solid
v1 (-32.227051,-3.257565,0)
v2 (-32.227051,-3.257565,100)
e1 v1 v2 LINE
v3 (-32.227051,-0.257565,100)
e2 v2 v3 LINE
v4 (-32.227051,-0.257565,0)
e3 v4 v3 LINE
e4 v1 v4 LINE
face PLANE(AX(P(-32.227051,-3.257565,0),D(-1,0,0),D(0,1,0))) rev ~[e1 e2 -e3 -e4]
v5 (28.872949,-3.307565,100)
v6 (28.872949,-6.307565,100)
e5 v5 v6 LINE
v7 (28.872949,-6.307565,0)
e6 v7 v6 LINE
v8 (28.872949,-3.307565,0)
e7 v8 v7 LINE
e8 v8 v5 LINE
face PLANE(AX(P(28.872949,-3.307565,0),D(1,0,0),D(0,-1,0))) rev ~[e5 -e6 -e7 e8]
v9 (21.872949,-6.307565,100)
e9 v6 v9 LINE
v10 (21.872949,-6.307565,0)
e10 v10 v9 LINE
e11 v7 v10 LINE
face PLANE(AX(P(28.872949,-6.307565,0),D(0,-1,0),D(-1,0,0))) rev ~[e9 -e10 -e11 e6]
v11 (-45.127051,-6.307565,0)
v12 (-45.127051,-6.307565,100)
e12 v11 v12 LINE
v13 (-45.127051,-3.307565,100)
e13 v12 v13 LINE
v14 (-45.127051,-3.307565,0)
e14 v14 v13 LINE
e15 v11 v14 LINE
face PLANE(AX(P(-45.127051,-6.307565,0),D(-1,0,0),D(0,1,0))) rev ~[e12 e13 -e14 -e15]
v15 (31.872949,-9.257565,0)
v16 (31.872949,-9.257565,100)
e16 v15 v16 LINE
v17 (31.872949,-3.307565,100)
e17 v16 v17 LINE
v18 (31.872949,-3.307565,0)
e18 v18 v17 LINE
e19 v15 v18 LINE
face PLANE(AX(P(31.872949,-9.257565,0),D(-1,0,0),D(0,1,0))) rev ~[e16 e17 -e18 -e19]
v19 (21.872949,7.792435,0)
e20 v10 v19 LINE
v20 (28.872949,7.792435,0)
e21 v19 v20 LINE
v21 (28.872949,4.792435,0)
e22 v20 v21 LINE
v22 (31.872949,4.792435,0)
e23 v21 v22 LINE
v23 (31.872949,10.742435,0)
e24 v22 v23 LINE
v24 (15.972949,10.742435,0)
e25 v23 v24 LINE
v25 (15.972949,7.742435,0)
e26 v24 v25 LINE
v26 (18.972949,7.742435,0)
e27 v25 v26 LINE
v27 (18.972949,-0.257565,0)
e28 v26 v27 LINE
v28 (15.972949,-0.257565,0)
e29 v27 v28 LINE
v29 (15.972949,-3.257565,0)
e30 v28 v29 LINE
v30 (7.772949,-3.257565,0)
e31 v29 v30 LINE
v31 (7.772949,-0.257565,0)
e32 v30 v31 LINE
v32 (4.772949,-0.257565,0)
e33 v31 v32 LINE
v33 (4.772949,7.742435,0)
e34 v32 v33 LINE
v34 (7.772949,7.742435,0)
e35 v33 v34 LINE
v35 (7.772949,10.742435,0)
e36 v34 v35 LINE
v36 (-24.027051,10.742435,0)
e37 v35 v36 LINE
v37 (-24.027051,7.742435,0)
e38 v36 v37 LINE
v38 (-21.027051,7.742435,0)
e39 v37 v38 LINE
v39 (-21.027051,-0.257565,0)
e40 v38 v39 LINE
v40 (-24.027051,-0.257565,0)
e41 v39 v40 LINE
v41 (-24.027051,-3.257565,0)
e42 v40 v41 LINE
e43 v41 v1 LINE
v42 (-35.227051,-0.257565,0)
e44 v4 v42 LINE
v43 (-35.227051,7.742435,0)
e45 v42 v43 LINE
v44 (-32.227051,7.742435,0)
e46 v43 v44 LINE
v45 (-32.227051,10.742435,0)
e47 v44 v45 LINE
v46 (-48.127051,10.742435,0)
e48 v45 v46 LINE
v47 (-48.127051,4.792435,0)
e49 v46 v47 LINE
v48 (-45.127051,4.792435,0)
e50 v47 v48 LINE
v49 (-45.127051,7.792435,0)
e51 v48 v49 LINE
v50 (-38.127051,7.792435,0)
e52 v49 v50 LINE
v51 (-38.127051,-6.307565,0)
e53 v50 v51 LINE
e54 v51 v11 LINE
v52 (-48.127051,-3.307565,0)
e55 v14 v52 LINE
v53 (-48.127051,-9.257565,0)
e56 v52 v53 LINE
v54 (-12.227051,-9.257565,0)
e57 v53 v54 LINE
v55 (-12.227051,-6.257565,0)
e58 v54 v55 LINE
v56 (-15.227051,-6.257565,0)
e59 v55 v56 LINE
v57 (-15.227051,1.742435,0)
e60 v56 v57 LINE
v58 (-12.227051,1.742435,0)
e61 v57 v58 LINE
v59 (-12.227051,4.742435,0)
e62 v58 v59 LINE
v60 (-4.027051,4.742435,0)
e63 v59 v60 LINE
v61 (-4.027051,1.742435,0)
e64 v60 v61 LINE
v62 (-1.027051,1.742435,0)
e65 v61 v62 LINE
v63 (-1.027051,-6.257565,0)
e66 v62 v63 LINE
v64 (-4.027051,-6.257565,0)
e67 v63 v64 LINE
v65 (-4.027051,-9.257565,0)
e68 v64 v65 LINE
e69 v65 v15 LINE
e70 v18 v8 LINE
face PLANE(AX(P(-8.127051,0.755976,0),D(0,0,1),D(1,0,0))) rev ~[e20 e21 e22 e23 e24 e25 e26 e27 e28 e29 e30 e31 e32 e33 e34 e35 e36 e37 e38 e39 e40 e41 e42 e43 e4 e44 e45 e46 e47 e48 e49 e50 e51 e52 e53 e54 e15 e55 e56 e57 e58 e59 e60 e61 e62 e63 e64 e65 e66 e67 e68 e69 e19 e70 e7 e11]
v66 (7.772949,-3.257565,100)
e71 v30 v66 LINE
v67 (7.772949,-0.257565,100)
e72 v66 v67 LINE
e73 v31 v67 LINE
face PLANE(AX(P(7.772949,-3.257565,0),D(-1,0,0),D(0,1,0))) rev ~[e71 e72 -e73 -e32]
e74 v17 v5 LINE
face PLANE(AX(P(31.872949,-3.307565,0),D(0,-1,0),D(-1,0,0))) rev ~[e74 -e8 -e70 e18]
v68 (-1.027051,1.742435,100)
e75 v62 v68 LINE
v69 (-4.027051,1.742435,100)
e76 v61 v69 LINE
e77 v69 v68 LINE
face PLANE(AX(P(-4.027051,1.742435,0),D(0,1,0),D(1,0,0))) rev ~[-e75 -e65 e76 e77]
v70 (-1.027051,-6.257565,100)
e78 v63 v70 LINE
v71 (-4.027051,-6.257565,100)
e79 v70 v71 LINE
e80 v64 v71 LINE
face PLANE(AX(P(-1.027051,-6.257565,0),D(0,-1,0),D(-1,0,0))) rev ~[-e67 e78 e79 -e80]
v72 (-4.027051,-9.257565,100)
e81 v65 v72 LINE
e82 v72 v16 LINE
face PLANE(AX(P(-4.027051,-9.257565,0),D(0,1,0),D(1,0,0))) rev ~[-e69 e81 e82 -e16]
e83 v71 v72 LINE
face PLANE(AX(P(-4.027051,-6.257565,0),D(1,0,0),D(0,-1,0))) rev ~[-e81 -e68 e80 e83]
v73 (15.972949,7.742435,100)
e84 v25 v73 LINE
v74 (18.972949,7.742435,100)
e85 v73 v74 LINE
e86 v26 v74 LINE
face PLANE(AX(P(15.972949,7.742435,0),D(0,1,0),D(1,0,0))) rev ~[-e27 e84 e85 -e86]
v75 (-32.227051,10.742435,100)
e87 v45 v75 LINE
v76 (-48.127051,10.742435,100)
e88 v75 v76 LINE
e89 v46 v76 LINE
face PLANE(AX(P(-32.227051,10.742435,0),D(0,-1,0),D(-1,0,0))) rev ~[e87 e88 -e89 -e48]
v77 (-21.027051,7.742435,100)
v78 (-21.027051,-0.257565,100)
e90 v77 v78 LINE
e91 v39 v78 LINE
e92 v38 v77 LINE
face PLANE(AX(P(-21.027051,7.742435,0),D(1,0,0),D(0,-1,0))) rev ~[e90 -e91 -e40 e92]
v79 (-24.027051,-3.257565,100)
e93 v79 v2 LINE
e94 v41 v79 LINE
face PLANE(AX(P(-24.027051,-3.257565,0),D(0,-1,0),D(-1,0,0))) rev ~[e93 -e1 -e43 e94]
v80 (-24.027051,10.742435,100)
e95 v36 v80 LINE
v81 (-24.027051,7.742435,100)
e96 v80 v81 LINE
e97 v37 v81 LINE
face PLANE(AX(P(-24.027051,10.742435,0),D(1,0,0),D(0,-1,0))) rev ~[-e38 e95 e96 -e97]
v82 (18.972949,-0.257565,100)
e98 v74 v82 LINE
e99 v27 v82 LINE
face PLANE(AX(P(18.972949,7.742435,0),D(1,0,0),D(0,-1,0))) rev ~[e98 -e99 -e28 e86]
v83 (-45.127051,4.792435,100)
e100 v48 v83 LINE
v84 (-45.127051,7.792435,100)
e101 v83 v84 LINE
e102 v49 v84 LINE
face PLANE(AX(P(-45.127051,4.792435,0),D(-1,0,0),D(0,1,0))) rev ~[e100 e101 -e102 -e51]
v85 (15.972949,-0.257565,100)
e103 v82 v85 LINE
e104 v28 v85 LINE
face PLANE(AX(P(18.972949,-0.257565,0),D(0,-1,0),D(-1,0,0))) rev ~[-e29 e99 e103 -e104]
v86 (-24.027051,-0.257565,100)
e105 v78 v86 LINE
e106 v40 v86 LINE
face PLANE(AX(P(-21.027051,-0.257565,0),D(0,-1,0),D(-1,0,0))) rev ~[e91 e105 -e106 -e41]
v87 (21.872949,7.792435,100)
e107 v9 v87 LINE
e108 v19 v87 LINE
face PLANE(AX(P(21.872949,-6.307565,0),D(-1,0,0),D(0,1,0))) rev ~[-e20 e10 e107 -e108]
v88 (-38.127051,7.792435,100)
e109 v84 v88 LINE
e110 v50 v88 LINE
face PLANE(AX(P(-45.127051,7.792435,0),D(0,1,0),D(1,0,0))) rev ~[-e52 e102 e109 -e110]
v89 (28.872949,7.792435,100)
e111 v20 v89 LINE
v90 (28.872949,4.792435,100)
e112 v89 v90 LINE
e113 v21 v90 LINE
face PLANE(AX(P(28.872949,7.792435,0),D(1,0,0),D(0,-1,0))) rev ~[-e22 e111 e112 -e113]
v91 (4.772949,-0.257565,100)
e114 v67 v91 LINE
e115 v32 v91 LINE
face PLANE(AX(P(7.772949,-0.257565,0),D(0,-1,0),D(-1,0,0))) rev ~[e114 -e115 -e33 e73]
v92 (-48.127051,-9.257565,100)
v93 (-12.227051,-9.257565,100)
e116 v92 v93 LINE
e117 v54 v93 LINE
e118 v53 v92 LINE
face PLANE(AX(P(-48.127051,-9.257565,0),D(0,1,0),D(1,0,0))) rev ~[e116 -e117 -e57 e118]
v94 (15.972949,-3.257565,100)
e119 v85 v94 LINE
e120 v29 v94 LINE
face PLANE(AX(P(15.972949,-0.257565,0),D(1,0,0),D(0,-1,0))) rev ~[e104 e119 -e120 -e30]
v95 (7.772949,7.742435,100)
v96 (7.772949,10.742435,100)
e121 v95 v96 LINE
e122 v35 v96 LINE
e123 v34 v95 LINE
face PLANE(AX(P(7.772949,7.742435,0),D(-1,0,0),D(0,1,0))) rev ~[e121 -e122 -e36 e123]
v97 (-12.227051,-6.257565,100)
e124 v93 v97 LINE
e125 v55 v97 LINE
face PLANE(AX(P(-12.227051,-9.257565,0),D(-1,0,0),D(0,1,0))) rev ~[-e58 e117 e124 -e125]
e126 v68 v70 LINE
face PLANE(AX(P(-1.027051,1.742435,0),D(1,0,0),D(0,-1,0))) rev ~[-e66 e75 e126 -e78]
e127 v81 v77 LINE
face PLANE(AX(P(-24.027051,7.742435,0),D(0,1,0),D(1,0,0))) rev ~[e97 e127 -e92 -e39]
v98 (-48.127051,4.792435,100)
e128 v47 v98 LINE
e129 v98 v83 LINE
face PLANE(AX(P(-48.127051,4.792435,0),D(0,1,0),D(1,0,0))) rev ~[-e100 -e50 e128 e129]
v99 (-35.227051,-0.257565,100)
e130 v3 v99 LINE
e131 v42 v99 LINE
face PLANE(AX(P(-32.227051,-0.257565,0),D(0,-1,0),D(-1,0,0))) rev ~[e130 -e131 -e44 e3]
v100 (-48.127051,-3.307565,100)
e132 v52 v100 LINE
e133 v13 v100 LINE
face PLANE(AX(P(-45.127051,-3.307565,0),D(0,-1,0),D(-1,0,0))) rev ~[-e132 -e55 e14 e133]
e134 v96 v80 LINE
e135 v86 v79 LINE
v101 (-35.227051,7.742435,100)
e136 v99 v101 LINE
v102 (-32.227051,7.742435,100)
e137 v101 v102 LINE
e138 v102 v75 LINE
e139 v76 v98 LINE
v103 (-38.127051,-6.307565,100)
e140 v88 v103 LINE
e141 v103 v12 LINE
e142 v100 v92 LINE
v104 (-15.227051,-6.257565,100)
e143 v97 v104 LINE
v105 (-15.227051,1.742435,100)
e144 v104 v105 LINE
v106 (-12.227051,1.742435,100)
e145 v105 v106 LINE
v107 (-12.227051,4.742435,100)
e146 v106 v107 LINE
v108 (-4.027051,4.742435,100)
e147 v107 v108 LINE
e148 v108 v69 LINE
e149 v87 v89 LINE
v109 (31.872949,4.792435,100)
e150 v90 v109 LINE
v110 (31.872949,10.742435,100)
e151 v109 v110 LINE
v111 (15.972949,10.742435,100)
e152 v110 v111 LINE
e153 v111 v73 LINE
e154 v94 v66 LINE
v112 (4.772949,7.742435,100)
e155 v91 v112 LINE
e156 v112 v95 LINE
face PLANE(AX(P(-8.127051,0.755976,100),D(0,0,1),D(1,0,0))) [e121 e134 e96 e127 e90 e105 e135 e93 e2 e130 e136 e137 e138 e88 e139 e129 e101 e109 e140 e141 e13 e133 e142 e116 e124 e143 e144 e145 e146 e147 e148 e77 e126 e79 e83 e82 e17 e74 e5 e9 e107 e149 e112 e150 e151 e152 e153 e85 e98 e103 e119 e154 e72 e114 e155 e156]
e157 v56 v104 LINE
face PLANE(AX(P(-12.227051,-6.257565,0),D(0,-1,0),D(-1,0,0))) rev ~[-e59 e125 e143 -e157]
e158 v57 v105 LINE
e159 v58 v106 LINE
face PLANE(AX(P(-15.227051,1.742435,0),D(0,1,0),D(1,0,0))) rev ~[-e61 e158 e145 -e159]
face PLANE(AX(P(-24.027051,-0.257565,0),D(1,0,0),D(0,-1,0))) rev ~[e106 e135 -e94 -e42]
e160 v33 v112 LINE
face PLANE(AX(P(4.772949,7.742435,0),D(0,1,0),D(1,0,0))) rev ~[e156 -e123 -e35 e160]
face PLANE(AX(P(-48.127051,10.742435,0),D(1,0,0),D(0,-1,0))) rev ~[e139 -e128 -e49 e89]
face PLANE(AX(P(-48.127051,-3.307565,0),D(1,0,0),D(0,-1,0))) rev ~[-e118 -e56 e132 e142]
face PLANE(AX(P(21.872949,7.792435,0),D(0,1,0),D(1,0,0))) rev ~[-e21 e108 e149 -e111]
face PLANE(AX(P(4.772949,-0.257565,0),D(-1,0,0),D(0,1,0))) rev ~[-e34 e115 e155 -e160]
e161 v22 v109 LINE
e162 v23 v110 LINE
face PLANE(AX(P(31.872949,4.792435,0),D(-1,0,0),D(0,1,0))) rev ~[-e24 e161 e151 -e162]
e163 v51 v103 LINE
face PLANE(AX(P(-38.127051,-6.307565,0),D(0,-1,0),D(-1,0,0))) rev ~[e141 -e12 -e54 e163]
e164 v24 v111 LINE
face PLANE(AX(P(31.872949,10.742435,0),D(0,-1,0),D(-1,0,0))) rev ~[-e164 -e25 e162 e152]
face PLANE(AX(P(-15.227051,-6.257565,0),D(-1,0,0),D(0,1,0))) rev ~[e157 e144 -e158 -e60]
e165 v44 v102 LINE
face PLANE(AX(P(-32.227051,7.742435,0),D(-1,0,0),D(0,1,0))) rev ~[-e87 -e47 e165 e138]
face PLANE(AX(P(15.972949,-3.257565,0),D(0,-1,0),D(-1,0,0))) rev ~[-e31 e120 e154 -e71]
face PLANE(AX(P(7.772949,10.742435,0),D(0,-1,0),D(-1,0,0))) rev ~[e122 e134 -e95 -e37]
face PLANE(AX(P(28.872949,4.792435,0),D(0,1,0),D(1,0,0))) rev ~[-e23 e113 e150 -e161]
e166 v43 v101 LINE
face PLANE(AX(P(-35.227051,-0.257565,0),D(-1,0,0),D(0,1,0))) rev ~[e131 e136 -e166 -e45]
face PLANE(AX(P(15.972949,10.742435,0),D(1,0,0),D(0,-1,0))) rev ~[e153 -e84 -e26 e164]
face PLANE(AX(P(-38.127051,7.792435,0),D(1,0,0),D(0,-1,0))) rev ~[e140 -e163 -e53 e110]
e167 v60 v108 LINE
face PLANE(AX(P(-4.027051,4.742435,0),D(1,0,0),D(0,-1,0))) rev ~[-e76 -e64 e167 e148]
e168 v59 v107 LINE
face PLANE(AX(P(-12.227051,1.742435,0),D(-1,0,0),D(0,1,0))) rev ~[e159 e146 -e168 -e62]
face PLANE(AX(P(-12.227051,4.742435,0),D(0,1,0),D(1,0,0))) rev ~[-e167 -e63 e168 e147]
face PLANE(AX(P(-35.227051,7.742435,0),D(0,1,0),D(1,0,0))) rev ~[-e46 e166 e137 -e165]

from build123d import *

# Parameters (mm, degrees)
EXTRUDE_1_DEPTH = 100


with BuildPart() as part:
    # 草图1 → 凸台-拉伸1 (new body)
    with BuildSketch(Plane.XY):
        Polygon((-12.227051006, -6.257565337), (-15.227051006, -6.257565337), (-15.227051006, 1.742434663), (-12.227051006, 1.742434663), (-12.227051006, 4.742434663), (-4.027051006, 4.742434663), (-4.027051006, 1.742434663), (-1.027051006, 1.742434663), (-1.027051006, -6.257565337), (-4.027051006, -6.257565337), (-4.027051006, -9.257565337), (31.872948994, -9.257565337), (31.872948994, -3.307565337), (28.872948994, -3.307565337), (28.872948994, -6.307565337), (21.872948994, -6.307565337), (21.872948994, 7.792434663), (28.872948994, 7.792434663), (28.872948994, 4.792434663), (31.872948994, 4.792434663), (31.872948994, 10.742434663), (15.972948994, 10.742434663), (15.972948994, 7.742434663), (18.972948994, 7.742434663), (18.972948994, -0.257565337), (15.972948994, -0.257565337), (15.972948994, -3.257565337), (7.772948994, -3.257565337), (7.772948994, -0.257565337), (4.772948994, -0.257565337), (4.772948994, 7.742434663), (7.772948994, 7.742434663), (7.772948994, 10.742434663), (-24.027051006, 10.742434663), (-24.027051006, 7.742434663), (-21.027051006, 7.742434663), (-21.027051006, -0.257565337), (-24.027051006, -0.257565337), (-24.027051006, -3.257565337), (-32.227051006, -3.257565337), (-32.227051006, -0.257565337), (-35.227051006, -0.257565337), (-35.227051006, 7.742434663), (-32.227051006, 7.742434663), (-32.227051006, 10.742434663), (-48.127051006, 10.742434663), (-48.127051006, 4.792434663), (-45.127051006, 4.792434663), (-45.127051006, 7.792434663), (-38.127051006, 7.792434663), (-38.127051006, -6.307565337), (-45.127051006, -6.307565337), (-45.127051006, -3.307565337), (-48.127051006, -3.307565337), (-48.127051006, -9.257565337), (-12.227051006, -9.257565337), align=None)
    extrude(amount=EXTRUDE_1_DEPTH)


solid = part.part
